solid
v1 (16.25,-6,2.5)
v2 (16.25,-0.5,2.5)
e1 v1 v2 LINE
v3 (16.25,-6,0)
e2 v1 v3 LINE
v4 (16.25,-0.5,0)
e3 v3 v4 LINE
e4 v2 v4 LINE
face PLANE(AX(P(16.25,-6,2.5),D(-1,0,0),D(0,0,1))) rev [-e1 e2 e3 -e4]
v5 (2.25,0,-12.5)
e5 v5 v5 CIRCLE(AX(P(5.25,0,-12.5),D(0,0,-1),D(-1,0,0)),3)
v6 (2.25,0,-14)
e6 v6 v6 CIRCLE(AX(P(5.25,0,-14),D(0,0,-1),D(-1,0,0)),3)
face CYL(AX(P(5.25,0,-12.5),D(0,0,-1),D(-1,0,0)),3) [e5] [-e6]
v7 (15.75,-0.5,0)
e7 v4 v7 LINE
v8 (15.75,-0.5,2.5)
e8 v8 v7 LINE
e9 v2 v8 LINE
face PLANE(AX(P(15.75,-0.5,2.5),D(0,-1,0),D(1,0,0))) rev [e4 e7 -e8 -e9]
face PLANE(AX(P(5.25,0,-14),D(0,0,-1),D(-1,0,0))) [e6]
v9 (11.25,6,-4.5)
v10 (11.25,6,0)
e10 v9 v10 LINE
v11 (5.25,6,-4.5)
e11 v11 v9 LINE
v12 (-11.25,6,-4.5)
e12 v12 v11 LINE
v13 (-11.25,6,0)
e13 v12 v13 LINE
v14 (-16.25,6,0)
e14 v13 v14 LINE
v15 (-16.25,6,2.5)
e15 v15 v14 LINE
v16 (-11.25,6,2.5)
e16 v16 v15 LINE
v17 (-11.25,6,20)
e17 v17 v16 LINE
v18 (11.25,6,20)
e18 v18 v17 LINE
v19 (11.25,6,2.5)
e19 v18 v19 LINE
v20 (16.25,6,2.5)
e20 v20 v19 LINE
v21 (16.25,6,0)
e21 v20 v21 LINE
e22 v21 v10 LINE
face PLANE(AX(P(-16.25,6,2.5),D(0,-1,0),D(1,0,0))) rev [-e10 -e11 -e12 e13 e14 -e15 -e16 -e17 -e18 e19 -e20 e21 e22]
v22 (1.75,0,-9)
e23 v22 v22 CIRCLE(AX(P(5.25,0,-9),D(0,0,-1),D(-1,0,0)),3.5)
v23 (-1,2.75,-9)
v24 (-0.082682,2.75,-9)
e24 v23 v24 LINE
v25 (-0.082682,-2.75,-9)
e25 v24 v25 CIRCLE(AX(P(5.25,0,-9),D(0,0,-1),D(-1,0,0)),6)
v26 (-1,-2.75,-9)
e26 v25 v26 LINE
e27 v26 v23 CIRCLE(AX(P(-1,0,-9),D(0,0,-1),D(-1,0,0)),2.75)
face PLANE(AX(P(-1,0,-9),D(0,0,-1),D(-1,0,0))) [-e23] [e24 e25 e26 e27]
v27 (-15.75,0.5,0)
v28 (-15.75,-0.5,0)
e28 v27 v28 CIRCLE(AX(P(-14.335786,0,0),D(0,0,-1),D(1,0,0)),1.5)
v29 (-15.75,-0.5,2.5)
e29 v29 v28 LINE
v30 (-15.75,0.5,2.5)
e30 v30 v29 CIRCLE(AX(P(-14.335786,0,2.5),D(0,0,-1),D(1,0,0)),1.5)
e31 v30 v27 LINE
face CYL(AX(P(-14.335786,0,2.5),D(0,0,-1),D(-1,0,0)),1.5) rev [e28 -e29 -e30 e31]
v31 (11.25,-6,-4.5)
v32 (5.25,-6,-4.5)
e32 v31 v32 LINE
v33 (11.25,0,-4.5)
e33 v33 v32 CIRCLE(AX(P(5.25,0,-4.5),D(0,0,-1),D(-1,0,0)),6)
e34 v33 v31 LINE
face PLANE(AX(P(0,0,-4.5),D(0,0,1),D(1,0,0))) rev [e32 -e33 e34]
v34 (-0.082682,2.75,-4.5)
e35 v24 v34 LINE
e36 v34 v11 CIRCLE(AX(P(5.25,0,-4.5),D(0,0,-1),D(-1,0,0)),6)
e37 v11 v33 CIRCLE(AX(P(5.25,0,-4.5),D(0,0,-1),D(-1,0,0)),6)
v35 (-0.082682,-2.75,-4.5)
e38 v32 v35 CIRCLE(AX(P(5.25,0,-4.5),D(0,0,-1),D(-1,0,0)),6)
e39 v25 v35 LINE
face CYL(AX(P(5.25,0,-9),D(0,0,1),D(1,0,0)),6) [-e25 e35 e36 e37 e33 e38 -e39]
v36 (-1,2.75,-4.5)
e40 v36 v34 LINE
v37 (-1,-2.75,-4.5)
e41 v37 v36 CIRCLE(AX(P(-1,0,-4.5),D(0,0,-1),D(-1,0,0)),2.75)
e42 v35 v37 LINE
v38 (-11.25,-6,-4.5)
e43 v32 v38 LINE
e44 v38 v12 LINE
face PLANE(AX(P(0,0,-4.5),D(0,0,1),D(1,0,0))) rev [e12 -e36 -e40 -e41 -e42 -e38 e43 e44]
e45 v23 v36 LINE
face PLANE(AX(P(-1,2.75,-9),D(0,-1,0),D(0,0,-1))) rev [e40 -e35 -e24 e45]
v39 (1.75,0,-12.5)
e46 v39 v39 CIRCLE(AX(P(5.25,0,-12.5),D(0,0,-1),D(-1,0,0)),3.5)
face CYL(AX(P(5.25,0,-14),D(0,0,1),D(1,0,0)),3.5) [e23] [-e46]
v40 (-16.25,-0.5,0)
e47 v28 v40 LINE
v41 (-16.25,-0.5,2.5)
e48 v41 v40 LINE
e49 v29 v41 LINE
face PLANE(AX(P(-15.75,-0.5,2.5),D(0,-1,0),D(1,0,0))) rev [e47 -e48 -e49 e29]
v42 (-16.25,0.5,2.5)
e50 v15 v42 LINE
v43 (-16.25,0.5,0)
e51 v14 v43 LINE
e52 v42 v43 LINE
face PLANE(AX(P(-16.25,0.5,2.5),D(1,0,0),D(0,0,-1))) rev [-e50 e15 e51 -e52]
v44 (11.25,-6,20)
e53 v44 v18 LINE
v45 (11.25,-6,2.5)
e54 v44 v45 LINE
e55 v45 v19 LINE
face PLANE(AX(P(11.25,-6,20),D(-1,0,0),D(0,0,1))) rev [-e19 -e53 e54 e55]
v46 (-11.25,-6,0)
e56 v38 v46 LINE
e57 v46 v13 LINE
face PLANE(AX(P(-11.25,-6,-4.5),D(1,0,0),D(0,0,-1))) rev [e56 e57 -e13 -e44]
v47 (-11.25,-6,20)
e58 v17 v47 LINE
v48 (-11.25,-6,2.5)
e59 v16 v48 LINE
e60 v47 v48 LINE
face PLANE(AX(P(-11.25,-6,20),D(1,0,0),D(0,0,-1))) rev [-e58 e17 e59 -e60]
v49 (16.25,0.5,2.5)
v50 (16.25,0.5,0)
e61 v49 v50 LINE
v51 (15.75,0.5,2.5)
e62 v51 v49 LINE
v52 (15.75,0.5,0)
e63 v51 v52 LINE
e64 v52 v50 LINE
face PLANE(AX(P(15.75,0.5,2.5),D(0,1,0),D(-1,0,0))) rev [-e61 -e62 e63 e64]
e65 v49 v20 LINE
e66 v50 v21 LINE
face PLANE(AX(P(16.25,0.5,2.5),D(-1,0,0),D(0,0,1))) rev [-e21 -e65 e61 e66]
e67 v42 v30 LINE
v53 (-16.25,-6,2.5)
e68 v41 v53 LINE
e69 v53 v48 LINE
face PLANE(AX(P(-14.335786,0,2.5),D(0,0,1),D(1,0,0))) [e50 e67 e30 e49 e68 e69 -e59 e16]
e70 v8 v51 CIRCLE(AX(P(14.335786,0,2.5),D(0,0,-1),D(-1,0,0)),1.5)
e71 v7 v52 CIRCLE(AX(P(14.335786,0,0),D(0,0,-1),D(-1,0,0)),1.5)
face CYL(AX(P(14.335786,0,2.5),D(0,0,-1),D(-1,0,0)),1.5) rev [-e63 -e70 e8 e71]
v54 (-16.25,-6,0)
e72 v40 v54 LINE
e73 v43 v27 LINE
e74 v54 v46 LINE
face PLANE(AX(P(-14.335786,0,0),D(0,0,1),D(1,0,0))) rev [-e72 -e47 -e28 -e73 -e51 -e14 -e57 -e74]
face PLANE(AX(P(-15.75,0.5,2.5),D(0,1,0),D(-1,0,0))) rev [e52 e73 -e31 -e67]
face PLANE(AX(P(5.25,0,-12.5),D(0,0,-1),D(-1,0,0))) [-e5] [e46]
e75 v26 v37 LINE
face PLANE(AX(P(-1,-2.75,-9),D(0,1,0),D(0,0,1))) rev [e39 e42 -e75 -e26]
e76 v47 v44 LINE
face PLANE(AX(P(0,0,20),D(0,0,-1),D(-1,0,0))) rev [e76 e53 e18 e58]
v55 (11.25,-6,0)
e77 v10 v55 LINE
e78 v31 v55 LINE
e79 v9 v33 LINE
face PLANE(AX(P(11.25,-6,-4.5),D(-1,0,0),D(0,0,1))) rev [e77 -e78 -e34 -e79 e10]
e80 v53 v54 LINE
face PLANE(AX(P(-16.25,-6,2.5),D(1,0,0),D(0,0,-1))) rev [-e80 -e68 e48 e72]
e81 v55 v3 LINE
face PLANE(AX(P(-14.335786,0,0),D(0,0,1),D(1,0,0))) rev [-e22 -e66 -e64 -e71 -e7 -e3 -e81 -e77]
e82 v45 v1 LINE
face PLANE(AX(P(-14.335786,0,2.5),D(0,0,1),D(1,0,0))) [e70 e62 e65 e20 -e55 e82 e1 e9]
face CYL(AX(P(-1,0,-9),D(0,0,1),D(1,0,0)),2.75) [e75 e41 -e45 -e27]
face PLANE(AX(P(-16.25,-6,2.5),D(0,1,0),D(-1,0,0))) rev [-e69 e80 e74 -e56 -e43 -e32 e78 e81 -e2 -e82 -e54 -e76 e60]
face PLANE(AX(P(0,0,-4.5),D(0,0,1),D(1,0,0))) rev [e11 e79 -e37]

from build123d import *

# Parameters (mm, degrees)
BOSS_EXTRUDE1_DEPTH = 2.5
SKETCH3_W           = 22.5
SKETCH3_H           = 12
BOSS_EXTRUDE2_DEPTH = 17.5
SKETCH4_W           = 22.5
SKETCH4_H           = 12
BOSS_EXTRUDE3_DEPTH = 4.5
BOSS_EXTRUDE4_DEPTH = 4.5
SKETCH6_R           = 3.5
BOSS_EXTRUDE5_DEPTH = 5
CUT_EXTRUDE1_START  = -1.5
SKETCH7_R           = 3.5
SKETCH7_R_2         = 3
CUT_EXTRUDE1_DEPTH  = 1.5


with BuildPart() as part:
    # Sketch2 → Boss-Extrude1 (new body)
    with BuildSketch(Plane.XY):
        with BuildLine():
            Line((-16.25, -6), (0, -6))
            Line((0, -6), (16.25, -6))
            Line((16.25, -6), (16.25, -0.5))
            Line((16.25, -0.5), (15.75, -0.5))
            ThreePointArc((15.75, -0.5), (12.835786438, 0), (15.75, 0.5))
            Line((15.75, 0.5), (16.25, 0.5))
            Line((16.25, 0.5), (16.25, 6))
            Line((16.25, 6), (0, 6))
            Line((0, 6), (-16.25, 6))
            Line((-16.25, 6), (-16.25, 0.5))
            Line((-16.25, 0.5), (-15.75, 0.5))
            ThreePointArc((-15.75, 0.5), (-12.835786438, 0), (-15.75, -0.5))
            Line((-15.75, -0.5), (-16.25, -0.5))
            Line((-16.25, -0.5), (-16.25, -6))
        make_face()
    extrude(amount=BOSS_EXTRUDE1_DEPTH)

    # Sketch3 → Boss-Extrude2 (add)
    with BuildSketch(Plane.XY.offset(2.5)):
        Rectangle(SKETCH3_W, SKETCH3_H)
    extrude(amount=BOSS_EXTRUDE2_DEPTH)

    # Sketch4 → Boss-Extrude3 (add)
    with BuildSketch(Plane(origin=(0, 0, 0), x_dir=(-1, 0, 0), z_dir=(0, 0, -1))):
        Rectangle(SKETCH4_W, SKETCH4_H)
    extrude(amount=BOSS_EXTRUDE3_DEPTH)

    # Sketch5 → Boss-Extrude4 (add)
    with BuildSketch(Plane(origin=(0, 0, -4.5), x_dir=(-1, 0, 0), z_dir=(0, 0, -1))):
        with BuildLine():
            Line((1, 2.75), (0.082682252, 2.75))
            ThreePointArc((0.082682252, 2.75), (-11.25, 0), (0.082682252, -2.75))
            Line((0.082682252, -2.75), (1, -2.75))
            ThreePointArc((1, -2.75), (3.75, 0), (1, 2.75))
        make_face()
    extrude(amount=BOSS_EXTRUDE4_DEPTH)

    # Sketch6 → Boss-Extrude5 (add)
    with BuildSketch(Plane(origin=(0, 0, -9), x_dir=(-1, 0, 0), z_dir=(0, 0, -1))):
        with Locations((-5.25, 0)):
            Circle(SKETCH6_R)
    extrude(amount=BOSS_EXTRUDE5_DEPTH)

    # Sketch7 → Cut-Extrude1 (cut)
    with BuildSketch(Plane(origin=(0, 0, -14), x_dir=(-1, 0, 0), z_dir=(0, 0, -1)).offset(CUT_EXTRUDE1_START)):
        with Locations((-5.25, 0)):
            Circle(SKETCH7_R)
        with Locations((-5.25, 0)):
            Circle(SKETCH7_R_2, mode=Mode.SUBTRACT)
    extrude(amount=CUT_EXTRUDE1_DEPTH, mode=Mode.SUBTRACT)


solid = part.part
